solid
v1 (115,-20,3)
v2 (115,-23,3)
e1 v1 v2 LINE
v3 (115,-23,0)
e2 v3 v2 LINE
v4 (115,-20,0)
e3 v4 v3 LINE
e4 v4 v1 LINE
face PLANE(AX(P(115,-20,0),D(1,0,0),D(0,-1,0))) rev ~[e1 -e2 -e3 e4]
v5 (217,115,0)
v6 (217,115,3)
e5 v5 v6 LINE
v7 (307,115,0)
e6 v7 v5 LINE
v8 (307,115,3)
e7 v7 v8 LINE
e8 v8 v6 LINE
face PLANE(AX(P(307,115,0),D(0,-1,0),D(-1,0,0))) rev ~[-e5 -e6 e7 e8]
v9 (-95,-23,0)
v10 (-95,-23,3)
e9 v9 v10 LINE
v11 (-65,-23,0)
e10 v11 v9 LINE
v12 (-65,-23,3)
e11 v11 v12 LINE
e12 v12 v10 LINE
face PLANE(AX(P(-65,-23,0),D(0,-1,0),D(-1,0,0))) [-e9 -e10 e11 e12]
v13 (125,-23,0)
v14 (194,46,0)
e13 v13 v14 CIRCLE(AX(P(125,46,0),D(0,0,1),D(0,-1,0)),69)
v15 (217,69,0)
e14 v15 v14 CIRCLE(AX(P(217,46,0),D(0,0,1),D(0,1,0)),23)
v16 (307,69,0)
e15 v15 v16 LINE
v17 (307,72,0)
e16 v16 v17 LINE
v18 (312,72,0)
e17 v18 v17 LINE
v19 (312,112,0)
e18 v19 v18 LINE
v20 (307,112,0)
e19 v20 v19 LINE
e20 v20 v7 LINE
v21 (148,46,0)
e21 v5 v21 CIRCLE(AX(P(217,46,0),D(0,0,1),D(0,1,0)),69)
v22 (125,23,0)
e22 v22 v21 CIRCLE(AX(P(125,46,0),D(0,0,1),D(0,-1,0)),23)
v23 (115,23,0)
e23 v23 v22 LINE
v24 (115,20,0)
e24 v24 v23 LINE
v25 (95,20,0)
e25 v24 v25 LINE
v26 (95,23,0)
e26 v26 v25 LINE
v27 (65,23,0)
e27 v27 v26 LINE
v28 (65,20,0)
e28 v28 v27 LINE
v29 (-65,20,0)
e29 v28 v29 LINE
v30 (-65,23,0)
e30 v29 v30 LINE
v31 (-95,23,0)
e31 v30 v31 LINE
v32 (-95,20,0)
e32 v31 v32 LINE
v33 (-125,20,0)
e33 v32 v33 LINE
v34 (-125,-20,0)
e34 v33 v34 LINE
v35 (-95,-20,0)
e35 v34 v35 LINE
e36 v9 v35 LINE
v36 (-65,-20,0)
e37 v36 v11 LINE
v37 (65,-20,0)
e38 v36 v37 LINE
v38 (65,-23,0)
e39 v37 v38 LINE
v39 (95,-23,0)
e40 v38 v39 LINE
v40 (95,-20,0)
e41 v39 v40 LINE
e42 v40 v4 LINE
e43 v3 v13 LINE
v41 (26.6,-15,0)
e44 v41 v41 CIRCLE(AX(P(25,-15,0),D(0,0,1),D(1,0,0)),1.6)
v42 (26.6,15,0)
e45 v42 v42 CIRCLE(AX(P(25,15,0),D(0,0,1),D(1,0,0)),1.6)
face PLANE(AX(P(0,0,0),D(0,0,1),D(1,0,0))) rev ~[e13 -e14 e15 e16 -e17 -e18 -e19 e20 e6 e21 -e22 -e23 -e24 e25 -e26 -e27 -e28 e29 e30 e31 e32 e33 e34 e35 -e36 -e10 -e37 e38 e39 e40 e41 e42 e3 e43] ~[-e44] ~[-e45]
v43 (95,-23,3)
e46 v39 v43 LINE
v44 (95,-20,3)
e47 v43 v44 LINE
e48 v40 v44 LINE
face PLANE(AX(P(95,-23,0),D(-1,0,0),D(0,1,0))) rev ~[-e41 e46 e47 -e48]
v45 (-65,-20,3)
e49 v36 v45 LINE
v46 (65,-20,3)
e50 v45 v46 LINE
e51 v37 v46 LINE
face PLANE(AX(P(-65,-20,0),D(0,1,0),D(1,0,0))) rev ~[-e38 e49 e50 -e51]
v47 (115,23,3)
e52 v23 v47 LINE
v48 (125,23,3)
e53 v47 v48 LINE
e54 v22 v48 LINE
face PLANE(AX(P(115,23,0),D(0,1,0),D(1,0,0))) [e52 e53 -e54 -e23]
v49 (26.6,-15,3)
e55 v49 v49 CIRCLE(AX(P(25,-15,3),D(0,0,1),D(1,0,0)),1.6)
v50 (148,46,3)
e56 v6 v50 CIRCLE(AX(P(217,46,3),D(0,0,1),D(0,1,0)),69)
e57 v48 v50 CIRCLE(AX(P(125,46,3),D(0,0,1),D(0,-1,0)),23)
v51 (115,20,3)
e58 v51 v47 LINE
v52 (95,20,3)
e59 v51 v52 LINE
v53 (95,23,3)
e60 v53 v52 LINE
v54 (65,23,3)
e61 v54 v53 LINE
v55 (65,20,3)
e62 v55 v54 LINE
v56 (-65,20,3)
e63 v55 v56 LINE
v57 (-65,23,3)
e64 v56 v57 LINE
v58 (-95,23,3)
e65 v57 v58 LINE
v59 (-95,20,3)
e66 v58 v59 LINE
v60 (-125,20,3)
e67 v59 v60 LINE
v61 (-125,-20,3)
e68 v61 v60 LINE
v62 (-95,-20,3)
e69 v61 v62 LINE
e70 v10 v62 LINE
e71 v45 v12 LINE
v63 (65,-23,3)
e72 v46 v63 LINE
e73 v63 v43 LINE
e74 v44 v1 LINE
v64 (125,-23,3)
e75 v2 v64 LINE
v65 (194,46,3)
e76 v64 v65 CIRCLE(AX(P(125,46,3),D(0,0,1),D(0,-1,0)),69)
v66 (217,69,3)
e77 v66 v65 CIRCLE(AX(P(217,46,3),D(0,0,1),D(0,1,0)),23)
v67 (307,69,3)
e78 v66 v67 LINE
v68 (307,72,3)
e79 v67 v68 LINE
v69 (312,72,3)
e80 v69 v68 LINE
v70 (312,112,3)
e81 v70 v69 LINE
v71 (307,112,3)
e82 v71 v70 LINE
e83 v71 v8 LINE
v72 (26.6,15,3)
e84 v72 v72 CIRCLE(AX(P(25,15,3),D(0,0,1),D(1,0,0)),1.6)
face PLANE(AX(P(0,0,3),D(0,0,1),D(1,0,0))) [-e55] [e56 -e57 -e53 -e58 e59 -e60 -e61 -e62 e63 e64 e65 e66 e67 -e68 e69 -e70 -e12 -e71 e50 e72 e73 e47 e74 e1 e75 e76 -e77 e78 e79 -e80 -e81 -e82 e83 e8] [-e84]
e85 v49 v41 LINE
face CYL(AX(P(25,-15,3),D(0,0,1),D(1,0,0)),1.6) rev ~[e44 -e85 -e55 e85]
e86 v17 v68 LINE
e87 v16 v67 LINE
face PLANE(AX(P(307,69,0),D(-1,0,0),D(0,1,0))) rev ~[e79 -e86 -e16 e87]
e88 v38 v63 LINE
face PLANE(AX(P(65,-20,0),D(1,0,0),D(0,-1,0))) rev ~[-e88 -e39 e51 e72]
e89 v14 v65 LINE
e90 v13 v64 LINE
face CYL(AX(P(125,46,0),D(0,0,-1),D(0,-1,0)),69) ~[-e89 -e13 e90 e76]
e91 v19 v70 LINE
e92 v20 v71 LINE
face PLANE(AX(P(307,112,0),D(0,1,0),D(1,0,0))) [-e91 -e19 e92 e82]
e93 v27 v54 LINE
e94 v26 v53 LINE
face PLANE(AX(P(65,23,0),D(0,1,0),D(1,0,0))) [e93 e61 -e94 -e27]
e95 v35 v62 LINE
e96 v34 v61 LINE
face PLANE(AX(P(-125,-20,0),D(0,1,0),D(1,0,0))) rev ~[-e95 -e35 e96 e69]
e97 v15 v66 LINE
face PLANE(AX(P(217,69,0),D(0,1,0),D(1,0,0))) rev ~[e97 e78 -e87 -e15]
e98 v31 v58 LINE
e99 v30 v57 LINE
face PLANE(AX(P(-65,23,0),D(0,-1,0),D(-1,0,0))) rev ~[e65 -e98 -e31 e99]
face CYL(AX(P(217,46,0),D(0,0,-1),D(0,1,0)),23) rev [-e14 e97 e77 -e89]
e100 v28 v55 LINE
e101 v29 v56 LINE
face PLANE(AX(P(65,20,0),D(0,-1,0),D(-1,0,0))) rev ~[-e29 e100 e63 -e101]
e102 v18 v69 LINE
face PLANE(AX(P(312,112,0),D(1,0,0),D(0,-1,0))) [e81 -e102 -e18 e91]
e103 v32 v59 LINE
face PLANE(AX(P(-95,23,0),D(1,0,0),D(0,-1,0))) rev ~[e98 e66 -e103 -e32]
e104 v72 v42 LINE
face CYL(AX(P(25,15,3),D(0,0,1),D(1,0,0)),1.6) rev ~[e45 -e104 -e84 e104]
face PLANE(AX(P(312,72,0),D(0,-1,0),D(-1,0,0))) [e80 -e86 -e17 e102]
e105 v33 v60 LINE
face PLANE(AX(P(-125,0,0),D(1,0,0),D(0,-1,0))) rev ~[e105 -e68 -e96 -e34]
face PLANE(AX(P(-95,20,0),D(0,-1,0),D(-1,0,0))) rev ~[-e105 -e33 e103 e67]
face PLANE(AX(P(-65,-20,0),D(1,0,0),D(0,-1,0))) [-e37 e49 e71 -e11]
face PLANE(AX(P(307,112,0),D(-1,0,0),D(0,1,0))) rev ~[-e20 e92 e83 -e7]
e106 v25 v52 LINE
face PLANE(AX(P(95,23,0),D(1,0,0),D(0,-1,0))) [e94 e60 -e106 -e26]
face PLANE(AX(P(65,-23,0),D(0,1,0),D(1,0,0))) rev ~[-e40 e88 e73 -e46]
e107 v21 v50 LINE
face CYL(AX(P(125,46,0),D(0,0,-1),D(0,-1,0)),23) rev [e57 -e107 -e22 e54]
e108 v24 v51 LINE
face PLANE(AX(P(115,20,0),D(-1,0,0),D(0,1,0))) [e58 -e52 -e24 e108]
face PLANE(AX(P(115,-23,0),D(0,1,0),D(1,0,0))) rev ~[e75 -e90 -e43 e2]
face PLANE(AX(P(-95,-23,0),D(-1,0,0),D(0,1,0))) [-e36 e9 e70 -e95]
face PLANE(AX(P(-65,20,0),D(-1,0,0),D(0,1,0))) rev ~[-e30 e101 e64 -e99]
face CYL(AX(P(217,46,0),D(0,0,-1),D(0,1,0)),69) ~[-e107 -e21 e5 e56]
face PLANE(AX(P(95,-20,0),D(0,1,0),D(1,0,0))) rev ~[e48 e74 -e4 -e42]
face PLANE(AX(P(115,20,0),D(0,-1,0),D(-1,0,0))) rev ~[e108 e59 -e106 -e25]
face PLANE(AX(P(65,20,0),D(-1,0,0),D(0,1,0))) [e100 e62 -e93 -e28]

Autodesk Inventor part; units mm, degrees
ref_plane "YZ Plane" through (0, 0, 0) normal (1, 0, 0) x (0, 1, 0)
ref_plane "XZ Plane" through (0, 0, 0) normal (0, 1, 0) x (-1, 0, 0)
ref_plane "XY Plane" through (0, 0, 0) normal (0, 0, 1) x (1, 0, 0)
sketch "Sketch1" plane through (0, 0, 0) normal (0, 0, 1) x (1, 0, 0)
  line L0 (-125, -20) -> (125, -20)
  line L1 (125, -20) -> (125, 20)
  line L2 (125, 20) -> (-125, 20)
  line L3 (-125, 20) -> (-125, -20)
  line L4 (-125, -20) -> (125, 20) construction
  line L5 (125, -20) -> (-125, 20) construction
  line L6 (125, 20) -> (115, 20)
  line L7 (115, 20) -> (115, 23)
  line L8 (115, 23) -> (125, 23)
  line L9 (125, 23) -> (125, 20)
  arc A0 (125, 20) -> (151, 46) centre (125, 46) ccw
  arc A1 (125, 23) -> (148, 46) centre (125, 46) ccw
  line L10 (151, 46) -> (148, 46)
  line L11 (125, -20) -> (115, -20)
  line L12 (115, -20) -> (115, -23)
  line L13 (115, -23) -> (125, -23)
  line L14 (125, -23) -> (125, -20)
  arc A2 (125, -20) -> (191, 46) centre (125, 46) ccw
  arc A3 (125, -23) -> (194, 46) centre (125, 46) ccw
  line L15 (194, 46) -> (191, 46)
  line L16 (151, 46) -> (191, 46)
  arc A4 (217, 115) -> (148, 46) centre (217, 46) ccw
  arc A5 (217, 69) -> (194, 46) centre (217, 46) ccw
  arc A6 (217, 72) -> (191, 46) centre (217, 46) ccw
  arc A7 (217, 112) -> (151, 46) centre (217, 46) ccw
  line L17 (217, 115) -> (217, 69)
  line L18 (217, 112) -> (312, 112)
  line L19 (312, 112) -> (312, 72)
  line L20 (312, 72) -> (217, 72)
  line L21 (217, 72) -> (217, 112)
  line L22 (-95, -20) -> (-65, -20)
  line L23 (-65, -20) -> (-65, -23)
  line L24 (-65, -23) -> (-95, -23)
  line L25 (-95, -23) -> (-95, -20)
  line L26 (95, -20) -> (65, -20)
  line L27 (65, -20) -> (65, -23)
  line L28 (65, -23) -> (95, -23)
  line L29 (95, -23) -> (95, -20)
  line L30 (-125, 0) -> (125, 0)
  line L31 (-95, 20) -> (-65, 20)
  line L32 (-65, 20) -> (-65, 23)
  line L33 (-65, 23) -> (-95, 23)
  line L34 (-95, 23) -> (-95, 20)
  line L35 (95, 20) -> (65, 20)
  line L36 (65, 20) -> (65, 23)
  line L37 (65, 23) -> (95, 23)
  line L38 (95, 23) -> (95, 20)
  line L39 (217, 112) -> (307, 112)
  line L40 (307, 112) -> (307, 115)
  line L41 (307, 115) -> (217, 115)
  line L42 (217, 115) -> (217, 112)
  line L43 (312, 72) -> (217, 72)
  line L44 (217, 72) -> (217, 69)
  line L45 (217, 69) -> (307, 69)
  line L46 (307, 69) -> (307, 72)
  line L47 (307, 72) -> (217, 72)
  line L48 (217, 72) -> (217, 69)
  point P0 (0, 0)
  point P1 (125, 21.5)
  point P2 (149.5, 46)
  point P3 (125, 23)
  point P4 (115, 20)
  point P5 (115, -20)
  point P6 (125, -23)
  point P7 (192.5, 46)
  point P8 (217, 72)
  point P9 (217, 115)
  point P10 (307, 112)
  point P11 (307, 72)
  dimension "d0" = 250
  dimension "d1" = 40
  dimension "d2" = 10
  dimension "d3" = 3
  dimension "d5" = 26
  dimension "d6" = 3
  dimension "d7" = 10
  dimension "d8" = 3
  dimension "d10" = 3
  dimension "d12" = 3
  dimension "d13" = 3
  dimension "d14" = 95
  dimension "d15" = 40
  dimension "d29" = 30
  dimension "d30" = 3
  dimension "d31" = 30
  dimension "d32" = 30
  dimension "d33" = 3
  dimension "d34" = 20
  dimension "d35" = 90
  dimension "d36" = 3
  dimension "d39" = 90
  dimension "d40" = 3
extrude "Plate1" add sketch "Sketch1" along normal blind 3
sketch "Sketch2" plane through (0, 0, 3) normal (0, 0, 1) x (1, 0, 0)
  circle A0 centre (25, 15) radius 1.6
  line L0 (0, 0) -> (25, 0)
  circle A1 centre (25, -15) radius 1.6
  dimension "d41" = 3.2
  dimension "d43" = 30
  dimension "d44" = 25
extrude "Cut1" cut sketch "Sketch2" against normal blind 3
equation "\"d7\" = d2"
equation "\"d39\" = d35"
equation "\"d40\" = d36"
equation "\"d45\" = Thickness"
equation "\"d11\" = Thickness"
equation "\"BendRadius\" = Thickness"
equation "\"BendReliefWidth\" = Thickness"
equation "\"BendReliefDepth\" = 0.5 * Thickness"
equation "\"CornerReliefSize\" = 4 * Thickness"
equation "\"MinimumRemnant\" = 2 * Thickness"
equation "\"TransitionRadius\" = BendRadius"
equation "\"JacobiRadiusSize\" = BendRadius"
equation "\"GapSize\" = Thickness"
equation "\"Thickness\" = 3"
properties part number "Starting Path"
